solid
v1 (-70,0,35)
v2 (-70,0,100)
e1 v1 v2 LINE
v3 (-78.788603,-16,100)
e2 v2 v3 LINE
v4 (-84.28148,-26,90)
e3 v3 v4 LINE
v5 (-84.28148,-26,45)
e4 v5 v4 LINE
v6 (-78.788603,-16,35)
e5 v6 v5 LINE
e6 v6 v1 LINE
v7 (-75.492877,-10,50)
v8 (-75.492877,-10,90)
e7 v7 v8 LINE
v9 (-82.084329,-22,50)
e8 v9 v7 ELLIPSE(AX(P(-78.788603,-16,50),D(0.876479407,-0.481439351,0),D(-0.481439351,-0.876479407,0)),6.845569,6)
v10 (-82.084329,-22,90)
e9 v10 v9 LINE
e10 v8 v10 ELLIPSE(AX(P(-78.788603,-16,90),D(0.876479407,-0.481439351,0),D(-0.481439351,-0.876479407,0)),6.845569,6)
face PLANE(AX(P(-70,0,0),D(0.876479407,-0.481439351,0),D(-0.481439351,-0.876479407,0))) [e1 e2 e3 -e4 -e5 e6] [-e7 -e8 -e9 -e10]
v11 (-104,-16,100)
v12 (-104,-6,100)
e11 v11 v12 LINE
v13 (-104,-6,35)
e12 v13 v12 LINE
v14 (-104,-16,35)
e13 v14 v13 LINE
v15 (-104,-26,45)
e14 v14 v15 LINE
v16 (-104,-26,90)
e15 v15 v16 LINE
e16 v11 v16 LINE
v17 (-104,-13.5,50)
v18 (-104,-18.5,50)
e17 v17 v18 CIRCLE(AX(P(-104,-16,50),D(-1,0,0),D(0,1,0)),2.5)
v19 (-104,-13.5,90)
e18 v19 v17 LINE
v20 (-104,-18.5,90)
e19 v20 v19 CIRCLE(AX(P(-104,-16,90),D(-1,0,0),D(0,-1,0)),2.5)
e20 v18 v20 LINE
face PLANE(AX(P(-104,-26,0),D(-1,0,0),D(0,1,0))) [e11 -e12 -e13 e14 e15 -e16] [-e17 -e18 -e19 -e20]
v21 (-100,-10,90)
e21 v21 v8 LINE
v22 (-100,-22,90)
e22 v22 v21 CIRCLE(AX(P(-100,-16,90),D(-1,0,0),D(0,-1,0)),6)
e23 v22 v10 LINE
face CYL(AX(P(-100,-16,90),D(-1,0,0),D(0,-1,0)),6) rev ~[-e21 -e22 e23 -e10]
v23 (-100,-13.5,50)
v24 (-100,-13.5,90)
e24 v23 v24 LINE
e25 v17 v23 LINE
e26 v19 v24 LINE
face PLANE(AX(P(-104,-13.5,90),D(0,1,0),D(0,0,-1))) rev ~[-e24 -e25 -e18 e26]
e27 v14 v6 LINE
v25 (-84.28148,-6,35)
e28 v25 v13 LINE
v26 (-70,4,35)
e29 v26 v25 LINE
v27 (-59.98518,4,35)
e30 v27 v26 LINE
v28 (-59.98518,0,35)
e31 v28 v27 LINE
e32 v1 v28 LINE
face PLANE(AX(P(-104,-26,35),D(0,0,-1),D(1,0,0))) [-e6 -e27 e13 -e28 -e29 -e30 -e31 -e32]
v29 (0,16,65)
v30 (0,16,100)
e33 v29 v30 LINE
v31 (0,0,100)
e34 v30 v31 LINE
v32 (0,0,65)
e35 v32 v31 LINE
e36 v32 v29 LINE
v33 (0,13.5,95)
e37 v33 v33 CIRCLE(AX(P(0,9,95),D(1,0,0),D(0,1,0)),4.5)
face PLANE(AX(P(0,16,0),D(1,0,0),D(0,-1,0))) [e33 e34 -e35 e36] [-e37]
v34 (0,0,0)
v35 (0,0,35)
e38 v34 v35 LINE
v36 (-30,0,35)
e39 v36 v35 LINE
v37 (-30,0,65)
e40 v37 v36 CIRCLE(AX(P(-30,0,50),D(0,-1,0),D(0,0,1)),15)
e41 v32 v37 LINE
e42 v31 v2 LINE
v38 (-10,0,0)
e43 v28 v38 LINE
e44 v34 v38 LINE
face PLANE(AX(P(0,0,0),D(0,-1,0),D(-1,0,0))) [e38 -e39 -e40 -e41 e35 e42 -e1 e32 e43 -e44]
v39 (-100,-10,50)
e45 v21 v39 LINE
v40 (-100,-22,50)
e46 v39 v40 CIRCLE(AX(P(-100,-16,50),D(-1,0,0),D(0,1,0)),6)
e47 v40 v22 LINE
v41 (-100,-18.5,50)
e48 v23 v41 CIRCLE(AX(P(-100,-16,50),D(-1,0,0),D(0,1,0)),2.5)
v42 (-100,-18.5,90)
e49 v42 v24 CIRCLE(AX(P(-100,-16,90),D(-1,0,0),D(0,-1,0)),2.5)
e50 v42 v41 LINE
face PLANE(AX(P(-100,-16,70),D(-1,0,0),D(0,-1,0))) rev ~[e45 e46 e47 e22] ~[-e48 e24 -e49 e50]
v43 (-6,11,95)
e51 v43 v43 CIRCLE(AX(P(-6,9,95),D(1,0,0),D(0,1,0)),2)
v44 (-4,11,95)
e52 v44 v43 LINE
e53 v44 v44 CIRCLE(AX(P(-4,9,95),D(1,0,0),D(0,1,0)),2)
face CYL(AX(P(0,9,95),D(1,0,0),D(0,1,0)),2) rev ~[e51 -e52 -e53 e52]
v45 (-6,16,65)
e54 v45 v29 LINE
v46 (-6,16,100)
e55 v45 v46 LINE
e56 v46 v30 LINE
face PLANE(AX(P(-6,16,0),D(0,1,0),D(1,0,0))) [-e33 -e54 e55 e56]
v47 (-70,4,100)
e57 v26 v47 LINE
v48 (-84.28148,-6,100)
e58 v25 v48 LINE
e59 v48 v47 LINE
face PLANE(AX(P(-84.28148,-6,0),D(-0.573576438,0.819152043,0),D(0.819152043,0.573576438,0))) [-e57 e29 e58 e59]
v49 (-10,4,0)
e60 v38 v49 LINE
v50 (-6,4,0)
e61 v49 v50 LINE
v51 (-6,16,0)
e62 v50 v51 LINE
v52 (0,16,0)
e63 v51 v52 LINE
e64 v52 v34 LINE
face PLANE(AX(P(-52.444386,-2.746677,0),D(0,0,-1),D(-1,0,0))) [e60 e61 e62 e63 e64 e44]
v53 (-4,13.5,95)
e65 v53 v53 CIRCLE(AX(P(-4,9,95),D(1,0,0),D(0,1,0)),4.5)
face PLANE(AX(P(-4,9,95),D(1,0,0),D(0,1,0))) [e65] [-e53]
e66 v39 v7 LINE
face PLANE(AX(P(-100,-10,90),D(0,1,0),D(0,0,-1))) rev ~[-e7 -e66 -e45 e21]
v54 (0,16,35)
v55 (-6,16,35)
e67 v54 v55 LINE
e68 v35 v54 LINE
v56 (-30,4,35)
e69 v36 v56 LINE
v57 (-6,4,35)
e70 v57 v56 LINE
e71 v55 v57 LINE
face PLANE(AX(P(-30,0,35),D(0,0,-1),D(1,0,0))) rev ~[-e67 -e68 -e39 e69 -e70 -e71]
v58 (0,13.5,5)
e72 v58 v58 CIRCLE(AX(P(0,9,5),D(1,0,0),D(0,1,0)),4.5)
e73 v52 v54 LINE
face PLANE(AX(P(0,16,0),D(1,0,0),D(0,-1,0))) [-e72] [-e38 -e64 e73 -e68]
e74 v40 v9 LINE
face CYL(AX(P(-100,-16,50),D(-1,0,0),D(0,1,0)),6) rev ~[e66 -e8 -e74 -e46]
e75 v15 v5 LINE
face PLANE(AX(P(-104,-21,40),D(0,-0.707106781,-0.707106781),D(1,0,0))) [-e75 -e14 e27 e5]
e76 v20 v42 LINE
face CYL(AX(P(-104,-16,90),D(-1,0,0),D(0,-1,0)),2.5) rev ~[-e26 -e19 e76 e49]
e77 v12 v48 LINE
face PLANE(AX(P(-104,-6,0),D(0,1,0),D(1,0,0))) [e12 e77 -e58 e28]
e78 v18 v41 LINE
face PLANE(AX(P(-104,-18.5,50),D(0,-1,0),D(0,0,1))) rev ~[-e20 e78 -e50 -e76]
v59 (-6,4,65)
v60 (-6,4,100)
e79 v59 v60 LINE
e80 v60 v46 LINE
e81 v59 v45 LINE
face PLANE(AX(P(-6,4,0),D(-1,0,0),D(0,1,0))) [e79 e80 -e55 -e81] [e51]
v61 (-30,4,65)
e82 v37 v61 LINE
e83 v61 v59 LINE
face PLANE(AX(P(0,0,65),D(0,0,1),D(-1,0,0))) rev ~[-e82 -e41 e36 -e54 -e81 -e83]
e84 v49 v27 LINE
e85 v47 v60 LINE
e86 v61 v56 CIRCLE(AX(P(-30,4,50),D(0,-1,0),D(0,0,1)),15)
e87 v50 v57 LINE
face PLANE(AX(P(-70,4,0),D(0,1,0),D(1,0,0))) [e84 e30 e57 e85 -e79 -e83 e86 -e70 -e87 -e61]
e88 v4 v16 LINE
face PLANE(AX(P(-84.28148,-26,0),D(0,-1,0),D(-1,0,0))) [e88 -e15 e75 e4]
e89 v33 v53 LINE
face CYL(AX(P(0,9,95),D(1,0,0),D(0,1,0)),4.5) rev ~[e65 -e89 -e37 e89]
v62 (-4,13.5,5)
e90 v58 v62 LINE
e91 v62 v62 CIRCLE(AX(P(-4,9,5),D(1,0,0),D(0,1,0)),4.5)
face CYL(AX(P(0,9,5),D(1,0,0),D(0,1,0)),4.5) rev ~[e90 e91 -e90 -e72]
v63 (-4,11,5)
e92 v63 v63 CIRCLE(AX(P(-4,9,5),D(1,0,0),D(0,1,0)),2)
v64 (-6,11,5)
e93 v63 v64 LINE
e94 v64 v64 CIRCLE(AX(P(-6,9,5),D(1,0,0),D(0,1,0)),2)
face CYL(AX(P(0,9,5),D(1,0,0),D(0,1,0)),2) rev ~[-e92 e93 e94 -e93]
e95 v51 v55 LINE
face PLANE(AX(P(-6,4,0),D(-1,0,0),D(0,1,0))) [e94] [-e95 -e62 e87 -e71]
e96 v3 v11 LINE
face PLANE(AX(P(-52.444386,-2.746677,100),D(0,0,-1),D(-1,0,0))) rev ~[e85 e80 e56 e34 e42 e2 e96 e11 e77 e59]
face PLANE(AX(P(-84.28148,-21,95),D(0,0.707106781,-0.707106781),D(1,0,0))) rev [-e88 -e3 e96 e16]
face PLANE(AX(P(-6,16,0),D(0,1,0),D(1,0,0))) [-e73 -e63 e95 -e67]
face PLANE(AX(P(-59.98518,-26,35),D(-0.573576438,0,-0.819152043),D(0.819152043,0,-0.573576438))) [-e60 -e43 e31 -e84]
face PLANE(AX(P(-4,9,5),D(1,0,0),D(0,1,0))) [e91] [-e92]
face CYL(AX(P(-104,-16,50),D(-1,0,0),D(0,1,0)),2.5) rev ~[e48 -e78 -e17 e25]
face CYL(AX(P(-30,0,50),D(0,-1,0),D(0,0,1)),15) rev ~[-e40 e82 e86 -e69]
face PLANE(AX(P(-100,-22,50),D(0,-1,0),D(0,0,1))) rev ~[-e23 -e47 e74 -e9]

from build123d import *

# Parameters (mm, degrees)
PAD_DEPTH       = 100
SKETCH001_R     = 2
POCKET_DEPTH    = 104.001
SKETCH002_R     = 4.5
POCKET001_DEPTH = 4
POCKET002_DEPTH = 104.001
POCKET003_DEPTH = 100.001
POCKET004_DEPTH = 42.001
CHAMFER_SIZE    = 10
POCKET005_DEPTH = 16.001


with BuildPart() as part:
    # Sketch → Pad (new body)
    with BuildSketch(Plane.XY):
        Polygon((0, 0), (-70, 0), (-84.28148, -26), (-104, -26), (-104, -6), (-84.28148, -6), (-70, 4), (-6, 4), (-6, 16), (0, 16), align=None)
    extrude(amount=PAD_DEPTH)

    # Sketch001 (on Face10 of Pad) → Pocket (cut, through all)
    with BuildSketch(Plane.YZ):
        with Locations((9, 95)):
            Circle(SKETCH001_R)
        with Locations((9, 5)):
            Circle(SKETCH001_R)
    extrude(amount=-POCKET_DEPTH, mode=Mode.SUBTRACT)

    # Sketch002 (on Face2 of Pocket) → Pocket001 (cut)
    with BuildSketch(Plane.YZ):
        with Locations((9, 95)):
            Circle(SKETCH002_R)
        with Locations((9, 5)):
            Circle(SKETCH002_R)
    extrude(amount=-POCKET001_DEPTH, mode=Mode.SUBTRACT)

    # Sketch003 (on Face10 of Pocket001) → Pocket002 (cut, through all)
    with BuildSketch(Plane(origin=(-104, 0, 0), x_dir=(0, -1, 0), z_dir=(-1, 0, 0))):
        with BuildLine():
            ThreePointArc((18.5, 90), (16, 92.5), (13.5, 90))
            Line((13.5, 90), (13.5, 50))
            ThreePointArc((13.5, 50), (16, 47.5), (18.5, 50))
            Line((18.5, 50), (18.5, 90))
        make_face()
    extrude(amount=-POCKET002_DEPTH, mode=Mode.SUBTRACT)

    # Sketch004 (on Face14 of Pocket002) → Pocket003 (cut, through all)
    with BuildSketch(Plane(origin=(-100, 0, 0), x_dir=(0, -1, 0), z_dir=(-1, 0, 0))):
        with BuildLine():
            ThreePointArc((22, 90), (16, 96), (10, 90))
            Line((10, 90), (10, 50))
            ThreePointArc((10, 50), (16, 44), (22, 50))
            Line((22, 50), (22, 90))
        make_face()
    extrude(amount=-POCKET003_DEPTH, mode=Mode.SUBTRACT)

    # Sketch005 (on Face9 of Pocket003) → Pocket004 (cut, through all)
    with BuildSketch(Plane.XZ.offset(26)):
        Polygon((-104, 0), (-104, 35), (-59.98518, 35), (-10, 0), align=None)
    extrude(amount=-POCKET004_DEPTH, mode=Mode.SUBTRACT)

    # Chamfer
    chamfer_edges = [part.edges().sort_by_distance(p)[0] for p in [
        (-94.14074, -26, 100),
        (-94.14074, -26, 35),
    ]]
    chamfer(chamfer_edges, length=CHAMFER_SIZE)

    # Sketch006 (on Face4 of Chamfer) → Pocket005 (cut, through all)
    with BuildSketch(Plane.XZ):
        with BuildLine():
            ThreePointArc((0, 35), (15, 50), (0, 65))
            Line((0, 65), (-30, 65))
            ThreePointArc((-30, 65), (-45, 50), (-30, 35))
            Line((-30, 35), (0, 35))
        make_face()
    extrude(amount=-POCKET005_DEPTH, mode=Mode.SUBTRACT)


solid = part.part
